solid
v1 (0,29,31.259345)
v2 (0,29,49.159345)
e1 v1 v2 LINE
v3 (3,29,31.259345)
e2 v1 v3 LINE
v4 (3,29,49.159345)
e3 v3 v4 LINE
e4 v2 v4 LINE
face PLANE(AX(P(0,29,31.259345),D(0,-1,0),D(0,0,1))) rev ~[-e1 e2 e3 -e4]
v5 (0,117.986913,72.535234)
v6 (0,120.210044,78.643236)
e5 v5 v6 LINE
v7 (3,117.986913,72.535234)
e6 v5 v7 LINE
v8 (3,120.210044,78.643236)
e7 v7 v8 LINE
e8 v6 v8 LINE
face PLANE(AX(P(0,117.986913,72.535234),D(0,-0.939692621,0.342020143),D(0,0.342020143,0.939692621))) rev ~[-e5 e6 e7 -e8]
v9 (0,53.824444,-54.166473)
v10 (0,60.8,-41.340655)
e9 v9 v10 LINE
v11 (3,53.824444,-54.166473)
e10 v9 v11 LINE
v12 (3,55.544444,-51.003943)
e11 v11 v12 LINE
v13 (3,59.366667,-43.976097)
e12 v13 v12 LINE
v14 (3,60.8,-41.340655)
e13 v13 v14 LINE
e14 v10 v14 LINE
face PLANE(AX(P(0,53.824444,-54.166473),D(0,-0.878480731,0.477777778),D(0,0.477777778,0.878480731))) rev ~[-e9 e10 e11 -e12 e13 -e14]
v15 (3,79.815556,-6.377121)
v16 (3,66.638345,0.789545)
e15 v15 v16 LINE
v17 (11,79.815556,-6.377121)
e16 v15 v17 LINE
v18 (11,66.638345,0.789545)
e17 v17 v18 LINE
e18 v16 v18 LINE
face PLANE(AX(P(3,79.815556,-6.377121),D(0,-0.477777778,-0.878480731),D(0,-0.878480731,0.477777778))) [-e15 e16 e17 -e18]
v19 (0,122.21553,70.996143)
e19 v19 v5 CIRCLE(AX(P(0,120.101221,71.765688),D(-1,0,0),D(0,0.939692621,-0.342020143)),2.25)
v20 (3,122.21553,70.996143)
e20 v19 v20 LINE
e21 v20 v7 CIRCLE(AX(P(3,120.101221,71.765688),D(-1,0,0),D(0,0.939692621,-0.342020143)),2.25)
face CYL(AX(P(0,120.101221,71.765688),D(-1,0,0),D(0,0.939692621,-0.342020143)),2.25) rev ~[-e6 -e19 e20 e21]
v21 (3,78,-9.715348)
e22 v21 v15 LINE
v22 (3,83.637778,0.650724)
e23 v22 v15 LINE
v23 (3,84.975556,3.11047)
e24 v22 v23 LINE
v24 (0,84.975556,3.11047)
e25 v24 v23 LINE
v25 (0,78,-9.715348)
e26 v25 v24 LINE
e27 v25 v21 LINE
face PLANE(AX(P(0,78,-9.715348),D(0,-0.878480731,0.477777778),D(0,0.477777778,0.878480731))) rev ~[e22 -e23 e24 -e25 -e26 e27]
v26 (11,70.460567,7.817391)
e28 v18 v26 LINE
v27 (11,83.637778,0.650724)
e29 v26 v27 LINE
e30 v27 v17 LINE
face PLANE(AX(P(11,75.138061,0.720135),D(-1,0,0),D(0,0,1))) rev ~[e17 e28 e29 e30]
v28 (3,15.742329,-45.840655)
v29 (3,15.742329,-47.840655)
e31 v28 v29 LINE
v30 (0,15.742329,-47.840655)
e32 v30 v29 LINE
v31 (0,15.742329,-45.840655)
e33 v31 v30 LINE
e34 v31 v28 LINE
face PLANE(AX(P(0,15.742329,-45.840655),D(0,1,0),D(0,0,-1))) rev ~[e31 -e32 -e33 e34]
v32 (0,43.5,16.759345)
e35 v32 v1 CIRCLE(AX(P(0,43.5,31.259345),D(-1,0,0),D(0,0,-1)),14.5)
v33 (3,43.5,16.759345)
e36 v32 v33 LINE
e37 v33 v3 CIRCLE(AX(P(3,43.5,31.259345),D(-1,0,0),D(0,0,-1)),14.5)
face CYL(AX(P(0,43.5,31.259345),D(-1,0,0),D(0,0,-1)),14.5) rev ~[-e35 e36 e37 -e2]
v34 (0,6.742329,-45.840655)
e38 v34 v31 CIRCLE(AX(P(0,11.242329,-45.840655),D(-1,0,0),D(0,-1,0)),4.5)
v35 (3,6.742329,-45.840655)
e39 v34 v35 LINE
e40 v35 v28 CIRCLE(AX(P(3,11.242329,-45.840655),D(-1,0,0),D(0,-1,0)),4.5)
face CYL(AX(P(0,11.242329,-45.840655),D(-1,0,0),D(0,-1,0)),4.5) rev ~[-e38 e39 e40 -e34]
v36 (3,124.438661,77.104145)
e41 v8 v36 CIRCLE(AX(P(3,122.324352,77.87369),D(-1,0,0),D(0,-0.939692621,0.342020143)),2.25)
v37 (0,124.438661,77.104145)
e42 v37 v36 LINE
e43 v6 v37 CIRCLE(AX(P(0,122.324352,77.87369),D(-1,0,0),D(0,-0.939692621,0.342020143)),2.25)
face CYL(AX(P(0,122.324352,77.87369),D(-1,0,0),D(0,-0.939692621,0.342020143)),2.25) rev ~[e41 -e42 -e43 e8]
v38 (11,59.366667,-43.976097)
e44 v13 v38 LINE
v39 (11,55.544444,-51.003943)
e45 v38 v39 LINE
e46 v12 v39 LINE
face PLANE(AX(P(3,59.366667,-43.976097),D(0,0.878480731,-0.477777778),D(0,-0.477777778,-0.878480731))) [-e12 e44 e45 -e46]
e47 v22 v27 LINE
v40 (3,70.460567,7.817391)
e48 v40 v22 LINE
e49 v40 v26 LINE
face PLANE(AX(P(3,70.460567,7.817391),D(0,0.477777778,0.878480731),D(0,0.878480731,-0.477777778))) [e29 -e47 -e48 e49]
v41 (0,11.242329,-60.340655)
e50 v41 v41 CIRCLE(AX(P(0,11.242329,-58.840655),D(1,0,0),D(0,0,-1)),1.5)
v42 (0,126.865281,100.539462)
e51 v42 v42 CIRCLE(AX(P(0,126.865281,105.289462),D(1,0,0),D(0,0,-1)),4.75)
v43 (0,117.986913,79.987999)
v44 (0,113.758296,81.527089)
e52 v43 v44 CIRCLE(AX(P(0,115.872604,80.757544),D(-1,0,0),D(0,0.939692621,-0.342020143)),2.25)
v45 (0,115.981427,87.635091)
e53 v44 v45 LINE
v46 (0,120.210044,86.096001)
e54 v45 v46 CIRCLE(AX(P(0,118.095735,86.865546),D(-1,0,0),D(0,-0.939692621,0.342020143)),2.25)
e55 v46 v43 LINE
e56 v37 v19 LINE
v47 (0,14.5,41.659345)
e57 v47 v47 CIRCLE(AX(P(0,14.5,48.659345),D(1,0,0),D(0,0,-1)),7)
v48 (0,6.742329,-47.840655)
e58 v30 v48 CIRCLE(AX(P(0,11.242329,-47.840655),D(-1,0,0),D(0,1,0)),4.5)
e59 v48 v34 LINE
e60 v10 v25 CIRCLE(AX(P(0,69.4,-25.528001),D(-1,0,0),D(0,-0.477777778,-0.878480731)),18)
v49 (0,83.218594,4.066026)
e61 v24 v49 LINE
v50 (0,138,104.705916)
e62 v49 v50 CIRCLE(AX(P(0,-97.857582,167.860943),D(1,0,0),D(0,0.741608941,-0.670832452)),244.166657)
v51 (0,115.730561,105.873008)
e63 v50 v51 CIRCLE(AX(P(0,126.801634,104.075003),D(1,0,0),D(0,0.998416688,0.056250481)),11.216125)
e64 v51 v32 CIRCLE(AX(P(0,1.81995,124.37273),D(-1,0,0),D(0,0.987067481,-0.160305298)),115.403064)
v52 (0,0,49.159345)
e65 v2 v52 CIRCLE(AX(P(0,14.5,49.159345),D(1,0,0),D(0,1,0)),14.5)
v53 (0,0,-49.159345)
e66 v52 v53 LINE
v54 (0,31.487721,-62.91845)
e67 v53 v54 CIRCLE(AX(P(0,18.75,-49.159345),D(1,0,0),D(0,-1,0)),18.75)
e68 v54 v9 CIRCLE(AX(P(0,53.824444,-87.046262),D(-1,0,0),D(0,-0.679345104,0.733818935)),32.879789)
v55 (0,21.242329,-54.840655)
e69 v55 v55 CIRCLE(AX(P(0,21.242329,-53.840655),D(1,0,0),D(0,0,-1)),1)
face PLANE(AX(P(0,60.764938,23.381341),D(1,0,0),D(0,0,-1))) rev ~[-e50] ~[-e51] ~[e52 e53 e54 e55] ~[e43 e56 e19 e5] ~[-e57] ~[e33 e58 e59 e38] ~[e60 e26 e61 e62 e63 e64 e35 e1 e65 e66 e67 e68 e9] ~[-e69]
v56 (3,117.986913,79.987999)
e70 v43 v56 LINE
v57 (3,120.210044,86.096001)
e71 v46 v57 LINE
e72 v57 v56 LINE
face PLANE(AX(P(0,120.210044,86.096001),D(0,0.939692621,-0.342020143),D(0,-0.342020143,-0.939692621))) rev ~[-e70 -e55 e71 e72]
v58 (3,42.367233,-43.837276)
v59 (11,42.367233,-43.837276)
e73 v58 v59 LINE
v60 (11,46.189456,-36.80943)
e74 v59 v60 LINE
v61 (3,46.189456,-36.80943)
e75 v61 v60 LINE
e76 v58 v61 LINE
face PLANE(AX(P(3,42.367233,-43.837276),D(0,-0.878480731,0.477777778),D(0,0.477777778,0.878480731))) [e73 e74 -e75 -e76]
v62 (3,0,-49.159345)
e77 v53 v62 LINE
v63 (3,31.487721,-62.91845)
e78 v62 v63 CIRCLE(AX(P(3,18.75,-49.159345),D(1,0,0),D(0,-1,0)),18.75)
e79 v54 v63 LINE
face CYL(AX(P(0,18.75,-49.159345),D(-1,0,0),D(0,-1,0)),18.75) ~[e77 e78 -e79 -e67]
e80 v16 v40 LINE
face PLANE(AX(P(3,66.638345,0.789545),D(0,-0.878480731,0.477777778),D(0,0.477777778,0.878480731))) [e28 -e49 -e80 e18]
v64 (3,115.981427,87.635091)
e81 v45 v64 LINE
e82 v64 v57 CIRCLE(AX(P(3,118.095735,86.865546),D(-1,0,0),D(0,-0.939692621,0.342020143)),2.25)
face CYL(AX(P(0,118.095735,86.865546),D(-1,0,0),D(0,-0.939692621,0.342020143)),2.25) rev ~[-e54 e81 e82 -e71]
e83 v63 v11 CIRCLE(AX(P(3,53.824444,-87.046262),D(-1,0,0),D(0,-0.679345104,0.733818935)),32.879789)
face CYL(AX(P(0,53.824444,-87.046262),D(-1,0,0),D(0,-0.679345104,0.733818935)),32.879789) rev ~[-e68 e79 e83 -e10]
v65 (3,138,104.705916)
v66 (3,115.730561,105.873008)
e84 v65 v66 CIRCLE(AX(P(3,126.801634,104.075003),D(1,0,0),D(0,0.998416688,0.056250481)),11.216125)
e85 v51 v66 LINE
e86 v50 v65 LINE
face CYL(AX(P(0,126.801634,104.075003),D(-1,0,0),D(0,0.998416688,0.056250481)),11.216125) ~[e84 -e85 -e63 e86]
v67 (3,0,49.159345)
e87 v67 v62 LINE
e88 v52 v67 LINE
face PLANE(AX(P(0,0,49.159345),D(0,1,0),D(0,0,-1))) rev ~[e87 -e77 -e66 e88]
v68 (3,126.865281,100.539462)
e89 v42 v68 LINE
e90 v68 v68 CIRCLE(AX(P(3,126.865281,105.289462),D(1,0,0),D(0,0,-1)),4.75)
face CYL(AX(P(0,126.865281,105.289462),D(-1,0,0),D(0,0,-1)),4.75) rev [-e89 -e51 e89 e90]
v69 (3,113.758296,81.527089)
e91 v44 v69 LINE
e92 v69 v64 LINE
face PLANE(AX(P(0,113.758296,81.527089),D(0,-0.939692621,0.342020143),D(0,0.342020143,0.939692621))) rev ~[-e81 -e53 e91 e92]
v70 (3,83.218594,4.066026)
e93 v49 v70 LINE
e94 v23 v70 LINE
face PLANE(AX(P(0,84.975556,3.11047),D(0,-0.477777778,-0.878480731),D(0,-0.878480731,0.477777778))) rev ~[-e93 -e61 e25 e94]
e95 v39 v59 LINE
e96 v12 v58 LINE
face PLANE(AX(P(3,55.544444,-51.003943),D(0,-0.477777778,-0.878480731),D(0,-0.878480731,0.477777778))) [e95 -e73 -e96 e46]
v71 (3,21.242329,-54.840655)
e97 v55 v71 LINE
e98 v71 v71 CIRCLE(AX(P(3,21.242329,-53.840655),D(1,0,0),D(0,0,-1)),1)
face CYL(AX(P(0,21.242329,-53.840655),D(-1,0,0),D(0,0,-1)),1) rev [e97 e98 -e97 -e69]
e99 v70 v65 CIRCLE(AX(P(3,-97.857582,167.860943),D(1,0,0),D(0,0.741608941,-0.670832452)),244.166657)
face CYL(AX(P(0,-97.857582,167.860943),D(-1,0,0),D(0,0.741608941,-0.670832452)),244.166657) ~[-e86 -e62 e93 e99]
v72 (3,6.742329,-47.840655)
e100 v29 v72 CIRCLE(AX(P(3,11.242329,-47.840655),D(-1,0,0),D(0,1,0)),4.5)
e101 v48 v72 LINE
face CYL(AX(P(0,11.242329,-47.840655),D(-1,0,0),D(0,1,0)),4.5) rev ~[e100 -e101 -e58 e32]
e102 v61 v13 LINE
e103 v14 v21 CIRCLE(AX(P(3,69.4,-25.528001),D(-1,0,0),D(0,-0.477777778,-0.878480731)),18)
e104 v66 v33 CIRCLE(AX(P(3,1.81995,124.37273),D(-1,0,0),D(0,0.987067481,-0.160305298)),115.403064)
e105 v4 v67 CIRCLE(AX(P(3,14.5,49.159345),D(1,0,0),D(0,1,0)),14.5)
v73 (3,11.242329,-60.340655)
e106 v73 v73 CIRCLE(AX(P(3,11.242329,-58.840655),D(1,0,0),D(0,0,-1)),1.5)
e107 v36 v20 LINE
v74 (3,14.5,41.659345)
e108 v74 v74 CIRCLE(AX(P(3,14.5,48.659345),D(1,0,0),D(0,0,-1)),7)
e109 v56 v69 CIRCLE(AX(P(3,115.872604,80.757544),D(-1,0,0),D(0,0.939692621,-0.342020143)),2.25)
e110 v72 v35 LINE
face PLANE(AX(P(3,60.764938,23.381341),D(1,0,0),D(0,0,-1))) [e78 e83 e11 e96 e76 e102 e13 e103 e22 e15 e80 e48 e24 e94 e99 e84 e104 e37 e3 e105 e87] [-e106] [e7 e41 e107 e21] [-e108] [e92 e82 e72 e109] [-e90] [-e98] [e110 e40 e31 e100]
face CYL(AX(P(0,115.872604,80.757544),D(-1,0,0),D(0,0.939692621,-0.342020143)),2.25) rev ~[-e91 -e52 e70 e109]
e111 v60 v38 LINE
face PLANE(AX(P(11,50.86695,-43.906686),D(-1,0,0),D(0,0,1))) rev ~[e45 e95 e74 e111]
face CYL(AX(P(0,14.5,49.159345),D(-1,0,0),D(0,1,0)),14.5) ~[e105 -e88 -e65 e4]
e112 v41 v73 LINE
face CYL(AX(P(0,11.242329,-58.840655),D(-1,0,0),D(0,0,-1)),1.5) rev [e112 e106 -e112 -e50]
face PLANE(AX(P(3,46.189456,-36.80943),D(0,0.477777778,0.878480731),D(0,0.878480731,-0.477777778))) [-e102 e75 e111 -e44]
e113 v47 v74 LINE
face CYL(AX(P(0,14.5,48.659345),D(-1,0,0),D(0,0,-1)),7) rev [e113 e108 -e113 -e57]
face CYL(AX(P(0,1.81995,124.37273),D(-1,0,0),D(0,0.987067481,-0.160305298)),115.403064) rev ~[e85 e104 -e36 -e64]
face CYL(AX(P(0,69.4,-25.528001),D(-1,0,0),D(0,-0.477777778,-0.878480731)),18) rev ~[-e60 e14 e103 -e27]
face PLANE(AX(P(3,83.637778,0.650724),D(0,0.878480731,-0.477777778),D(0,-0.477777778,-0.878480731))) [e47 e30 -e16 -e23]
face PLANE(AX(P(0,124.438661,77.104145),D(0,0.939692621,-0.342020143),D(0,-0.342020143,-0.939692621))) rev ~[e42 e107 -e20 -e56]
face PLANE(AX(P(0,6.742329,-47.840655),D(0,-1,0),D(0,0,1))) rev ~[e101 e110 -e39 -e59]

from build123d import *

# Parameters (mm, degrees)
SKETCH1_R           = 1.5
SKETCH1_R_2         = 1
SKETCH1_R_3         = 7
SKETCH1_R_4         = 4.75
BOSS_EXTRUDE1_DEPTH = 3
BOSS_EXTRUDE2_DEPTH = 8


with BuildPart() as part:
    # Sketch1 → Boss-Extrude1 (new body)
    with BuildSketch(Plane(origin=(0, 0, 0), x_dir=(0, 0, -1), z_dir=(1, 0, 0))):
        with BuildLine():
            Line((-49.159345461, 0), (49.159345461, 0))
            ThreePointArc((49.159345461, 0), (66.340654539, 11.242329364), (62.91845049, 31.487720707))
            ThreePointArc((62.91845049, 31.487720707), (56.432557087, 41.829379484), (54.166473214, 53.824444444))
            Line((54.166473214, 53.824444444), (41.340654539, 60.8))
            ThreePointArc((41.340654539, 60.8), (16.928001378, 53.587346839), (9.715348216, 78))
            Line((9.715348216, 78), (-3.110470459, 84.975555556))
            Line((-3.110470459, 84.975555556), (-4.066026015, 83.218594093))
            ThreePointArc((-4.066026015, 83.218594093), (-51.126972403, 116.596460909), (-104.705915866, 138))
            ThreePointArc((-104.705915866, 138), (-115.275757126, 127.38864025), (-105.87300769, 115.730561375))
            ThreePointArc((-105.87300769, 115.730561375), (-51.706077225, 91.471635272), (-16.759345461, 43.5))
            ThreePointArc((-16.759345461, 43.5), (-21.006297134, 33.246951673), (-31.259345461, 29))
            Line((-31.259345461, 29), (-49.159345461, 29))
            ThreePointArc((-49.159345461, 29), (-63.659345461, 14.5), (-49.159345461, 0))
        make_face()
        with Locations((58.840654539, 11.242329364)):
            Circle(SKETCH1_R, mode=Mode.SUBTRACT)
        with Locations((53.840654539, 21.242329364)):
            Circle(SKETCH1_R_2, mode=Mode.SUBTRACT)
        with Locations((-48.659345461, 14.5)):
            Circle(SKETCH1_R_3, mode=Mode.SUBTRACT)
        with Locations((-105.289461778, 126.865280687)):
            Circle(SKETCH1_R_4, mode=Mode.SUBTRACT)
        with BuildLine():
            Line((45.840654539, 15.742329364), (47.840654539, 15.742329364))
            ThreePointArc((47.840654539, 15.742329364), (52.340654539, 11.242329364), (47.840654539, 6.742329364))
            Line((47.840654539, 6.742329364), (45.840654539, 6.742329364))
            ThreePointArc((45.840654539, 6.742329364), (41.340654539, 11.242329364), (45.840654539, 15.742329364))
        make_face(mode=Mode.SUBTRACT)
        with BuildLine():
            Line((-86.096000708, 120.210043762), (-79.987998673, 117.98691283))
            ThreePointArc((-79.987998673, 117.98691283), (-78.643235599, 115.103059111), (-81.527089318, 113.758296037))
            Line((-81.527089318, 113.758296037), (-87.635091353, 115.981426968))
            ThreePointArc((-87.635091353, 115.981426968), (-88.979854428, 118.865280687), (-86.096000708, 120.210043762))
        make_face(mode=Mode.SUBTRACT)
        with BuildLine():
            Line((-77.104144954, 124.438660555), (-70.996142919, 122.215529624))
            ThreePointArc((-70.996142919, 122.215529624), (-69.651379845, 119.331675904), (-72.535233564, 117.98691283))
            Line((-72.535233564, 117.98691283), (-78.643235599, 120.210043762))
            ThreePointArc((-78.643235599, 120.210043762), (-79.987998673, 123.093897481), (-77.104144954, 124.438660555))
        make_face(mode=Mode.SUBTRACT)
    extrude(amount=BOSS_EXTRUDE1_DEPTH)

    # Sketch2 → Boss-Extrude2 (add)
    with BuildSketch(Plane(origin=(3, 0, 0), x_dir=(0, 0, -1), z_dir=(1, 0, 0))):
        Polygon((43.976096732, 59.366666667), (51.003942582, 55.544444444), (43.837275915, 42.367233477), (36.809430066, 46.189455699), align=None)
        Polygon((-0.650724412, 83.637777778), (6.377121438, 79.815555556), (-0.789545229, 66.638344588), (-7.817391078, 70.46056681), align=None)
    extrude(amount=BOSS_EXTRUDE2_DEPTH)


solid = part.part
